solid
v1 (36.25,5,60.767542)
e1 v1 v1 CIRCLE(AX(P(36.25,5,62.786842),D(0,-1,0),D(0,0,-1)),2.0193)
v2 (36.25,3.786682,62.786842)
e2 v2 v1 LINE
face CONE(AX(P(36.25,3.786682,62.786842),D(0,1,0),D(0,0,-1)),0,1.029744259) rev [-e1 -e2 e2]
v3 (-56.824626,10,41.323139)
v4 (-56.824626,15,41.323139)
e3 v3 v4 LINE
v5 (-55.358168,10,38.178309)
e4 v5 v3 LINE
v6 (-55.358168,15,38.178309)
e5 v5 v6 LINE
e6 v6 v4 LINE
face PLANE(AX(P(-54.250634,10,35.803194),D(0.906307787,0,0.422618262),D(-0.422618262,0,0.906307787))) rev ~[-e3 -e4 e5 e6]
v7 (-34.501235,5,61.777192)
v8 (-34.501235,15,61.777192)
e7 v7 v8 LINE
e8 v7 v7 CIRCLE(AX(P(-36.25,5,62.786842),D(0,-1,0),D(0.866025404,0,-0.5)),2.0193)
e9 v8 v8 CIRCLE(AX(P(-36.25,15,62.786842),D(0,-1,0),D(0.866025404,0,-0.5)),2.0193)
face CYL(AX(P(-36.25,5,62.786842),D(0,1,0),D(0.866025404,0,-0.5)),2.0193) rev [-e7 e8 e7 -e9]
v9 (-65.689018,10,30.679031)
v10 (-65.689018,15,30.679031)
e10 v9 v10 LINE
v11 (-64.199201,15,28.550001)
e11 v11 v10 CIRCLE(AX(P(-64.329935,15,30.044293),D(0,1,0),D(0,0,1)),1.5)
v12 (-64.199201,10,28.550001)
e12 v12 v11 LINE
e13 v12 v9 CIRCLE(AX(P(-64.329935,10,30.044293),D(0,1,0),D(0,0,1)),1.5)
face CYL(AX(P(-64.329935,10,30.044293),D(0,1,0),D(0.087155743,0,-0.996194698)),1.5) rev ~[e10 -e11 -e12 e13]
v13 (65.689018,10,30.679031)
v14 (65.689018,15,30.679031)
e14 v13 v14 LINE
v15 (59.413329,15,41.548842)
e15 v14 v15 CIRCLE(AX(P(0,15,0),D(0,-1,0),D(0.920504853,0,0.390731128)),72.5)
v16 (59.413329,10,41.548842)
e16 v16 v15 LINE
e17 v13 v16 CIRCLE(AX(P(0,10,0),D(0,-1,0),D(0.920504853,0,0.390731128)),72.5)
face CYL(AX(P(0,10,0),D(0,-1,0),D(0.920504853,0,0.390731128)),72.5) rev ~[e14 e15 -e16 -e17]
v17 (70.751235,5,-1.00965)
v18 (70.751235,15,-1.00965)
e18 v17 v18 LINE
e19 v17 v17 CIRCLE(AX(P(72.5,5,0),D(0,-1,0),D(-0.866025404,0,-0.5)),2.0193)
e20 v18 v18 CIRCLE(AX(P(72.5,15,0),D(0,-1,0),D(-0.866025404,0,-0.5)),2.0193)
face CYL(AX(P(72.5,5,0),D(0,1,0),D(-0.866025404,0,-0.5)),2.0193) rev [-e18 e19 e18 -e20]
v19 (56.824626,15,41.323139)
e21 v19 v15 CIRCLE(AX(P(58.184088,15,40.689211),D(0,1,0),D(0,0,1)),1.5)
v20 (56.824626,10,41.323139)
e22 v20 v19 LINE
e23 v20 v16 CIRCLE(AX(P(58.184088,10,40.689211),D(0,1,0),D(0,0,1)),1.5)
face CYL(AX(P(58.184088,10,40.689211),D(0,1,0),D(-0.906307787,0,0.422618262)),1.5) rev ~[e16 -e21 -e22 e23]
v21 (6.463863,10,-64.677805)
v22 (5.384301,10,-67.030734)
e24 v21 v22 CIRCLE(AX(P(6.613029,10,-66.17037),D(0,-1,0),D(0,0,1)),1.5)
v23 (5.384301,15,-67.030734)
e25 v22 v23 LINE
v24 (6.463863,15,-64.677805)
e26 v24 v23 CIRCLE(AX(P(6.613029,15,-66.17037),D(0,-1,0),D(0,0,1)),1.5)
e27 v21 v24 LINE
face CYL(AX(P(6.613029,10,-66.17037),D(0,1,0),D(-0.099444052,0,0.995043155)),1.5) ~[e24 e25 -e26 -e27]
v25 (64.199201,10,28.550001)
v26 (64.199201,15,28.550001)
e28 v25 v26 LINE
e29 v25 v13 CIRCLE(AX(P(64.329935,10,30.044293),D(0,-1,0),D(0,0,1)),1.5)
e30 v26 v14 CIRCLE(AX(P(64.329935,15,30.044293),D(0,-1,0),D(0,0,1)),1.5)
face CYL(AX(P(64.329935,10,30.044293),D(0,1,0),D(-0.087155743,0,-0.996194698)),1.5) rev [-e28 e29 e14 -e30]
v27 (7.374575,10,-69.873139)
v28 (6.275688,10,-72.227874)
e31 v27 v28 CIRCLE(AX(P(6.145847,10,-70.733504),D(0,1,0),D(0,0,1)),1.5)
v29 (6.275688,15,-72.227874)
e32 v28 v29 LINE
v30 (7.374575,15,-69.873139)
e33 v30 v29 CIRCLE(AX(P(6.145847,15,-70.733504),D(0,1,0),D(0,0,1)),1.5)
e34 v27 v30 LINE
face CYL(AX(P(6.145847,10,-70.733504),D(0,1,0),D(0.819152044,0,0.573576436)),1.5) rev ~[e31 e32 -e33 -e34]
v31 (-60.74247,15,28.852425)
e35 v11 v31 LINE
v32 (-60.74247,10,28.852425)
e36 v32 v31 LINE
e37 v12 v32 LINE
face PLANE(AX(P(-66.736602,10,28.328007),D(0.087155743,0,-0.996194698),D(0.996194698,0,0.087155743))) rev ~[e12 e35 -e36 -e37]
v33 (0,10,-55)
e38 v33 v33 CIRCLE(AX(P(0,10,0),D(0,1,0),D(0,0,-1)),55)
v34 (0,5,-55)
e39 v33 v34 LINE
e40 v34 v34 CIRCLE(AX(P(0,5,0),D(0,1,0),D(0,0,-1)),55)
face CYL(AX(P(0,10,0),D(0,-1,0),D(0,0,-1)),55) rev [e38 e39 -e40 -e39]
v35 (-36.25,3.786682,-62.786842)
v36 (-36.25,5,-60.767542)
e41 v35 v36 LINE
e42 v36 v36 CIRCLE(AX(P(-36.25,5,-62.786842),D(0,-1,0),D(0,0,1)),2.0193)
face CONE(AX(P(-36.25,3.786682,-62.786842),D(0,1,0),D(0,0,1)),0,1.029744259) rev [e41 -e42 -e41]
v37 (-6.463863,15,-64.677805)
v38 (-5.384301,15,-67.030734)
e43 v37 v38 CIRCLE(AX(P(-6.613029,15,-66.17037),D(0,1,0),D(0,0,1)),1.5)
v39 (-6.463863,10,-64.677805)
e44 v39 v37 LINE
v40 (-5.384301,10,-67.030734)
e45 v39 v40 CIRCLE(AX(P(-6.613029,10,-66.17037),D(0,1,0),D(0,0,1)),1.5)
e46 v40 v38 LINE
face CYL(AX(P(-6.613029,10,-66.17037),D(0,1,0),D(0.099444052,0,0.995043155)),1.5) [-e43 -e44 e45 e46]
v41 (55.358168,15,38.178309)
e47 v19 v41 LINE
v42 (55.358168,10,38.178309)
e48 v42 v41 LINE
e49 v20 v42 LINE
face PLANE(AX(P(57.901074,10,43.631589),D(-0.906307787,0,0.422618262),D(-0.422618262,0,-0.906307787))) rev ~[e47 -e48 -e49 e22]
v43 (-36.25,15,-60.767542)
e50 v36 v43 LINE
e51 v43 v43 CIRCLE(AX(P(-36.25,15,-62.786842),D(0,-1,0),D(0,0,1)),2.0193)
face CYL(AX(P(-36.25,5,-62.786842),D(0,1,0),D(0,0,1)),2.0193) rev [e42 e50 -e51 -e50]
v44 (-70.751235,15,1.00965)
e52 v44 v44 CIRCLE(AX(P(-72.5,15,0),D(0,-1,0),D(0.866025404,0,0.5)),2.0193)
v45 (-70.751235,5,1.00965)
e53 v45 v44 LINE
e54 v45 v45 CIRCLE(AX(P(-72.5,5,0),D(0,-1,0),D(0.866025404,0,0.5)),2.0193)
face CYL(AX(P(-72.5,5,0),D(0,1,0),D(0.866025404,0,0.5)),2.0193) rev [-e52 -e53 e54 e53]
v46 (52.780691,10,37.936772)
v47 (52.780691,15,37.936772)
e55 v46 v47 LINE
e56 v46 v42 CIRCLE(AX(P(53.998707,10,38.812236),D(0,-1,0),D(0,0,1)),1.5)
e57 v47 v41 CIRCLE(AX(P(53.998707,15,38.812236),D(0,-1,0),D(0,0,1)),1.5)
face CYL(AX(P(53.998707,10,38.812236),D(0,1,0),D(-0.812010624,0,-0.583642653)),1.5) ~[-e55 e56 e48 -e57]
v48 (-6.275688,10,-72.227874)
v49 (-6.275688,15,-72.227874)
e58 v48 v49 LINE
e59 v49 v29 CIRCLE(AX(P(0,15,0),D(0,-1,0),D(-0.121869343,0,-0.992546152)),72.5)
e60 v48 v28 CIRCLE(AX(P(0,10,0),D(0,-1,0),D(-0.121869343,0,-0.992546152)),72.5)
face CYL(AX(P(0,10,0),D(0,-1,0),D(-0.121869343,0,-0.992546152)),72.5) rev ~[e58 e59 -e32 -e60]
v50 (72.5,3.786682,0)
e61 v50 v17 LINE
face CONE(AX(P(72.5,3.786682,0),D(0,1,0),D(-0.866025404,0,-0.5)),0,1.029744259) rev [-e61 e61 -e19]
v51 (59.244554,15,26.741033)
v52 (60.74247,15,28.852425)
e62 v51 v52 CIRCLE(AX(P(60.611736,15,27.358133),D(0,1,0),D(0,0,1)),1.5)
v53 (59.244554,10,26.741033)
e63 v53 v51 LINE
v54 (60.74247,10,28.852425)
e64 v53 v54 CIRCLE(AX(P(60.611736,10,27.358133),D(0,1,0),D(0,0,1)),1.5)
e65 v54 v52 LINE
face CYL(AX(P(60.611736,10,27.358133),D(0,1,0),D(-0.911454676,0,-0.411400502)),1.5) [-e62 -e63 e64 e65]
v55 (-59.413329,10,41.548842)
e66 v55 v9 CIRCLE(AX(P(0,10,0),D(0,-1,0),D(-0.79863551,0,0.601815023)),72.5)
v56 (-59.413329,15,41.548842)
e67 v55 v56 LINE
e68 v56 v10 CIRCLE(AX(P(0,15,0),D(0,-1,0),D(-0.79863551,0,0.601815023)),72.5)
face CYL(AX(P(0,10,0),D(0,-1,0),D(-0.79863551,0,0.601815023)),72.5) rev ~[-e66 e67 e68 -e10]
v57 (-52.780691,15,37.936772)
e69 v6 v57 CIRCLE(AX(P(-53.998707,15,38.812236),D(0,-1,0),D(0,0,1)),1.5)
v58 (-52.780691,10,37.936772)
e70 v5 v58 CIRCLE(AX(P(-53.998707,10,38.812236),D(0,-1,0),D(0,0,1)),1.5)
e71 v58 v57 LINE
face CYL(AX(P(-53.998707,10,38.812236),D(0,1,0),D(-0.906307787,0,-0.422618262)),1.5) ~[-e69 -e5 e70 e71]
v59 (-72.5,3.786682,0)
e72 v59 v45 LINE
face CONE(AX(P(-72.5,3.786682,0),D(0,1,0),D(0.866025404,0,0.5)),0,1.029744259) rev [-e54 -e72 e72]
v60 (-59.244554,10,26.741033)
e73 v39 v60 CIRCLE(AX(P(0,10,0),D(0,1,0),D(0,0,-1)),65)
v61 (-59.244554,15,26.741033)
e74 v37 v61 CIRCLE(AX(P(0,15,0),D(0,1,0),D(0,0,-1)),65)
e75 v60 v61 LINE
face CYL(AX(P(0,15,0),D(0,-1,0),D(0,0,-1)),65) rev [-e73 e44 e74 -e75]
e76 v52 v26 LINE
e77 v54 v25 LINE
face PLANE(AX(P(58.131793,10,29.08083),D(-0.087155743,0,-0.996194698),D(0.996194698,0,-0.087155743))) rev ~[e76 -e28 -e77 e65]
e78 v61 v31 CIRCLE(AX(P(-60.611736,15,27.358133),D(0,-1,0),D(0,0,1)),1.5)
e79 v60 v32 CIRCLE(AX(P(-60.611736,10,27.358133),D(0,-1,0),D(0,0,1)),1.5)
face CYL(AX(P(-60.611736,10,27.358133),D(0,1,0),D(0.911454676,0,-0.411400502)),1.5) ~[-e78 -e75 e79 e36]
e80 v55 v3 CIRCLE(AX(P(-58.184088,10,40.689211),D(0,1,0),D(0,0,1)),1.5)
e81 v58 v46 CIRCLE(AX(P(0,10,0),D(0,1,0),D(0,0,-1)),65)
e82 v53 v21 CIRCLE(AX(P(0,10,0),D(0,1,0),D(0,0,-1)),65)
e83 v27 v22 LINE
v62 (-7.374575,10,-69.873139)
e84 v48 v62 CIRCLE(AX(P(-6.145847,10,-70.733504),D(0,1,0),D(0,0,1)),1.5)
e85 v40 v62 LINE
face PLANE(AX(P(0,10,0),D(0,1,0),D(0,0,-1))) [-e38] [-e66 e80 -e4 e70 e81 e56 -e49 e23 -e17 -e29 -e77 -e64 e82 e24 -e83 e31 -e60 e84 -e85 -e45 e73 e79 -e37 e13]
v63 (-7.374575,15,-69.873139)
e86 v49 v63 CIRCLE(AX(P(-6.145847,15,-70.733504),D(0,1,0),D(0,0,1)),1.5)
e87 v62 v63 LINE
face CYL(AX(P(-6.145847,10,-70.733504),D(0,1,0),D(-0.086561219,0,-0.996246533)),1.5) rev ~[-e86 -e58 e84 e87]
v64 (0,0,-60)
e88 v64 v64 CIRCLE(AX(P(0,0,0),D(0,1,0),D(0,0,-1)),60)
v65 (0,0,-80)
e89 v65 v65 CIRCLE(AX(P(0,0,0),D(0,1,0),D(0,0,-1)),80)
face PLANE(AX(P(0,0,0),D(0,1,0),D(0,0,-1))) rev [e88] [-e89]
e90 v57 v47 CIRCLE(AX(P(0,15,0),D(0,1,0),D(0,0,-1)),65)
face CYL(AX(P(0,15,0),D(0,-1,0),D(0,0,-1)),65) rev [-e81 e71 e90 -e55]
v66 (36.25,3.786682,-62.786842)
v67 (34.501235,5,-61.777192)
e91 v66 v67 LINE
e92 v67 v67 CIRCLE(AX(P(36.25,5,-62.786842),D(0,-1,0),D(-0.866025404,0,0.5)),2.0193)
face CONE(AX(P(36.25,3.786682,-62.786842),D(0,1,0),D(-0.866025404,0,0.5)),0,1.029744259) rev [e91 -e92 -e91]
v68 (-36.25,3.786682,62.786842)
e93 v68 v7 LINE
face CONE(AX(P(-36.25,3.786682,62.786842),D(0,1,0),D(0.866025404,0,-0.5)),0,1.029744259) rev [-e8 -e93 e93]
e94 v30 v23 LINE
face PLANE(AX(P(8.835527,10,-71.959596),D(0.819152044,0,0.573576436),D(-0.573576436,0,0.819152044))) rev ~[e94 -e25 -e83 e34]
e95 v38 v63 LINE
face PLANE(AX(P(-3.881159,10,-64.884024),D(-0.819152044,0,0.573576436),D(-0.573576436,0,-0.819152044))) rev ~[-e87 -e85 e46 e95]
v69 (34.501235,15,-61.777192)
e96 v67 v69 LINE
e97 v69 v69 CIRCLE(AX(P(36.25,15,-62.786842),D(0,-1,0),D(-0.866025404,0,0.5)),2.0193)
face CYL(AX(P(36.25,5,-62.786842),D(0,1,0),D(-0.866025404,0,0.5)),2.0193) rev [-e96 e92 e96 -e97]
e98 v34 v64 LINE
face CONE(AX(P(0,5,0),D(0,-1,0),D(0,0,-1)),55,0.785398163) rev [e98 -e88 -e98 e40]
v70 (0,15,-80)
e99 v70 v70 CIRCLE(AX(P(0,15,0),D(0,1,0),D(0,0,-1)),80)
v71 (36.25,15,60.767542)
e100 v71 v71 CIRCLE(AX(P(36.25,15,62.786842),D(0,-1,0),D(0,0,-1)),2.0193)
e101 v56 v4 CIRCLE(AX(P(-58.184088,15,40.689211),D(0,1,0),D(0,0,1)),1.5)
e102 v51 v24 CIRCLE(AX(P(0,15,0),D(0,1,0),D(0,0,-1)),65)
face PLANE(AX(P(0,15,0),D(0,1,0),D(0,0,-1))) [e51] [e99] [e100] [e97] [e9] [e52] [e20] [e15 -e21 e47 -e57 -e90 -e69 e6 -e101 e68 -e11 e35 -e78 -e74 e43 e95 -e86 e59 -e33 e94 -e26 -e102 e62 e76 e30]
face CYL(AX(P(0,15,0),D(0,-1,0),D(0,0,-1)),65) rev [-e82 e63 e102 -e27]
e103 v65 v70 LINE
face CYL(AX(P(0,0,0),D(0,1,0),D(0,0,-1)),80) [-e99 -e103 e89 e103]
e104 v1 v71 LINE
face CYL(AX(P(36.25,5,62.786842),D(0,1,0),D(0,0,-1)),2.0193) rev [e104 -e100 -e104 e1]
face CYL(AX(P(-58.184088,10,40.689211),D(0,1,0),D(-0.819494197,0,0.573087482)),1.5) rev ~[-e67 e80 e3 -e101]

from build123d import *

# Parameters (mm, degrees)
CUT_EXTRUDE1_START       = -5
CUT_EXTRUDE1_DEPTH       = 5
FILLET1_R                = 1.5
CHAMFER1_SIZE            = 5
CIRPATTERN2_COUNT        = 3
FILLET1_OF_CIRPATTERN2_R = 1.5
CIRPATTERN3_COUNT        = 6


with BuildPart() as part:
    # Sketch2 → Revolve1 (revolve)
    with BuildSketch(Plane(origin=(0, 0, 0), x_dir=(0, 0, -1), z_dir=(1, 0, 0)), mode=Mode.PRIVATE) as revolve1_sk:
        Polygon((-55, 0), (-80, 0), (-80, 15), (-65, 15), (-65, 10), (-55, 10), align=None)
    revolve(revolve1_sk.sketch.rotate(Axis((0, -0.75, 0), (0, 1, 0)), 180), axis=Axis((0, -0.75, 0), (0, 1, 0)))

    # Sketch4 → Cut-Extrude1 (cut)
    with BuildSketch(Plane(origin=(0, 15, 0), x_dir=(1, 0, 0), z_dir=(0, 1, 0)).offset(CUT_EXTRUDE1_START)):
        with BuildLine():
            Line((-3.881158746, 64.88402428), (-8.835527397, 71.959595994))
            ThreePointArc((-8.835527397, 71.959595994), (0, 72.5), (8.835527397, 71.959595994))
            Line((8.835527397, 71.959595994), (3.881158746, 64.88402428))
            ThreePointArc((3.881158746, 64.88402428), (0, 65), (-3.881158746, 64.88402428))
        make_face()
    cut_extrude1 = extrude(amount=CUT_EXTRUDE1_DEPTH, mode=Mode.SUBTRACT)

    # Fillet1
    fillet1_edges = [part.edges().sort_by_distance(p)[0] for p in [
        (3.881158746, 12.5, -64.88402428),
        (-3.881158746, 12.5, -64.88402428),
        (-8.835527397, 12.5, -71.959595994),
        (8.835527397, 12.5, -71.959595994),
    ]]
    fillet(fillet1_edges, radius=FILLET1_R)

    # Chamfer1
    chamfer1_edges = [part.edges().sort_by_distance(p)[0] for p in [
        (0, 0, 55),
    ]]
    chamfer(chamfer1_edges, length=CHAMFER1_SIZE)

    # CirPattern2: Cut-Extrude1 ×3 about axis
    cirpattern2_axis = Axis((0, 0, 0), (0, 1, 0))
    for i in range(1, CIRPATTERN2_COUNT):
        add(cut_extrude1.rotate(cirpattern2_axis, i * 360 / CIRPATTERN2_COUNT), mode=Mode.SUBTRACT)

    # Fillet1 of CirPattern2
    fillet1_of_cirpattern2_edges = [part.edges().sort_by_distance(p)[0] for p in [
        (-58.131792699, 12.5, 29.08083007),
        (-54.250633954, 12.5, 35.80319421),
        (-57.901074478, 12.5, 43.631589179),
        (-66.736601875, 12.5, 28.328006815),
        (54.250633954, 12.5, 35.80319421),
        (58.131792699, 12.5, 29.08083007),
        (66.736601875, 12.5, 28.328006815),
        (57.901074478, 12.5, 43.631589179),
    ]]
    fillet(fillet1_of_cirpattern2_edges, radius=FILLET1_OF_CIRPATTERN2_R)

    # Sketch7 → #10-32 Tapped Hole1 (revolve, cut)
    with BuildSketch(Plane(origin=(-36.25, 15, -62.786841774), x_dir=(0, 0, 1), z_dir=(1, 0, 0))):
        Polygon((0, 0), (0, 11.213317848), (2.0193, 10), (2.0193, 0), align=None)
    f_10_32_tapped_hole1 = revolve(axis=Axis((-36.25, 21.35, -62.786841774), (0, -1, 0)), mode=Mode.SUBTRACT)

    # CirPattern3: #10-32 Tapped Hole1 ×6 about axis
    cirpattern3_axis = Axis((0, 0, 0), (0, 1, 0))
    for i in range(1, CIRPATTERN3_COUNT):
        add(f_10_32_tapped_hole1.rotate(cirpattern3_axis, i * 360 / CIRPATTERN3_COUNT), mode=Mode.SUBTRACT)


solid = part.part
